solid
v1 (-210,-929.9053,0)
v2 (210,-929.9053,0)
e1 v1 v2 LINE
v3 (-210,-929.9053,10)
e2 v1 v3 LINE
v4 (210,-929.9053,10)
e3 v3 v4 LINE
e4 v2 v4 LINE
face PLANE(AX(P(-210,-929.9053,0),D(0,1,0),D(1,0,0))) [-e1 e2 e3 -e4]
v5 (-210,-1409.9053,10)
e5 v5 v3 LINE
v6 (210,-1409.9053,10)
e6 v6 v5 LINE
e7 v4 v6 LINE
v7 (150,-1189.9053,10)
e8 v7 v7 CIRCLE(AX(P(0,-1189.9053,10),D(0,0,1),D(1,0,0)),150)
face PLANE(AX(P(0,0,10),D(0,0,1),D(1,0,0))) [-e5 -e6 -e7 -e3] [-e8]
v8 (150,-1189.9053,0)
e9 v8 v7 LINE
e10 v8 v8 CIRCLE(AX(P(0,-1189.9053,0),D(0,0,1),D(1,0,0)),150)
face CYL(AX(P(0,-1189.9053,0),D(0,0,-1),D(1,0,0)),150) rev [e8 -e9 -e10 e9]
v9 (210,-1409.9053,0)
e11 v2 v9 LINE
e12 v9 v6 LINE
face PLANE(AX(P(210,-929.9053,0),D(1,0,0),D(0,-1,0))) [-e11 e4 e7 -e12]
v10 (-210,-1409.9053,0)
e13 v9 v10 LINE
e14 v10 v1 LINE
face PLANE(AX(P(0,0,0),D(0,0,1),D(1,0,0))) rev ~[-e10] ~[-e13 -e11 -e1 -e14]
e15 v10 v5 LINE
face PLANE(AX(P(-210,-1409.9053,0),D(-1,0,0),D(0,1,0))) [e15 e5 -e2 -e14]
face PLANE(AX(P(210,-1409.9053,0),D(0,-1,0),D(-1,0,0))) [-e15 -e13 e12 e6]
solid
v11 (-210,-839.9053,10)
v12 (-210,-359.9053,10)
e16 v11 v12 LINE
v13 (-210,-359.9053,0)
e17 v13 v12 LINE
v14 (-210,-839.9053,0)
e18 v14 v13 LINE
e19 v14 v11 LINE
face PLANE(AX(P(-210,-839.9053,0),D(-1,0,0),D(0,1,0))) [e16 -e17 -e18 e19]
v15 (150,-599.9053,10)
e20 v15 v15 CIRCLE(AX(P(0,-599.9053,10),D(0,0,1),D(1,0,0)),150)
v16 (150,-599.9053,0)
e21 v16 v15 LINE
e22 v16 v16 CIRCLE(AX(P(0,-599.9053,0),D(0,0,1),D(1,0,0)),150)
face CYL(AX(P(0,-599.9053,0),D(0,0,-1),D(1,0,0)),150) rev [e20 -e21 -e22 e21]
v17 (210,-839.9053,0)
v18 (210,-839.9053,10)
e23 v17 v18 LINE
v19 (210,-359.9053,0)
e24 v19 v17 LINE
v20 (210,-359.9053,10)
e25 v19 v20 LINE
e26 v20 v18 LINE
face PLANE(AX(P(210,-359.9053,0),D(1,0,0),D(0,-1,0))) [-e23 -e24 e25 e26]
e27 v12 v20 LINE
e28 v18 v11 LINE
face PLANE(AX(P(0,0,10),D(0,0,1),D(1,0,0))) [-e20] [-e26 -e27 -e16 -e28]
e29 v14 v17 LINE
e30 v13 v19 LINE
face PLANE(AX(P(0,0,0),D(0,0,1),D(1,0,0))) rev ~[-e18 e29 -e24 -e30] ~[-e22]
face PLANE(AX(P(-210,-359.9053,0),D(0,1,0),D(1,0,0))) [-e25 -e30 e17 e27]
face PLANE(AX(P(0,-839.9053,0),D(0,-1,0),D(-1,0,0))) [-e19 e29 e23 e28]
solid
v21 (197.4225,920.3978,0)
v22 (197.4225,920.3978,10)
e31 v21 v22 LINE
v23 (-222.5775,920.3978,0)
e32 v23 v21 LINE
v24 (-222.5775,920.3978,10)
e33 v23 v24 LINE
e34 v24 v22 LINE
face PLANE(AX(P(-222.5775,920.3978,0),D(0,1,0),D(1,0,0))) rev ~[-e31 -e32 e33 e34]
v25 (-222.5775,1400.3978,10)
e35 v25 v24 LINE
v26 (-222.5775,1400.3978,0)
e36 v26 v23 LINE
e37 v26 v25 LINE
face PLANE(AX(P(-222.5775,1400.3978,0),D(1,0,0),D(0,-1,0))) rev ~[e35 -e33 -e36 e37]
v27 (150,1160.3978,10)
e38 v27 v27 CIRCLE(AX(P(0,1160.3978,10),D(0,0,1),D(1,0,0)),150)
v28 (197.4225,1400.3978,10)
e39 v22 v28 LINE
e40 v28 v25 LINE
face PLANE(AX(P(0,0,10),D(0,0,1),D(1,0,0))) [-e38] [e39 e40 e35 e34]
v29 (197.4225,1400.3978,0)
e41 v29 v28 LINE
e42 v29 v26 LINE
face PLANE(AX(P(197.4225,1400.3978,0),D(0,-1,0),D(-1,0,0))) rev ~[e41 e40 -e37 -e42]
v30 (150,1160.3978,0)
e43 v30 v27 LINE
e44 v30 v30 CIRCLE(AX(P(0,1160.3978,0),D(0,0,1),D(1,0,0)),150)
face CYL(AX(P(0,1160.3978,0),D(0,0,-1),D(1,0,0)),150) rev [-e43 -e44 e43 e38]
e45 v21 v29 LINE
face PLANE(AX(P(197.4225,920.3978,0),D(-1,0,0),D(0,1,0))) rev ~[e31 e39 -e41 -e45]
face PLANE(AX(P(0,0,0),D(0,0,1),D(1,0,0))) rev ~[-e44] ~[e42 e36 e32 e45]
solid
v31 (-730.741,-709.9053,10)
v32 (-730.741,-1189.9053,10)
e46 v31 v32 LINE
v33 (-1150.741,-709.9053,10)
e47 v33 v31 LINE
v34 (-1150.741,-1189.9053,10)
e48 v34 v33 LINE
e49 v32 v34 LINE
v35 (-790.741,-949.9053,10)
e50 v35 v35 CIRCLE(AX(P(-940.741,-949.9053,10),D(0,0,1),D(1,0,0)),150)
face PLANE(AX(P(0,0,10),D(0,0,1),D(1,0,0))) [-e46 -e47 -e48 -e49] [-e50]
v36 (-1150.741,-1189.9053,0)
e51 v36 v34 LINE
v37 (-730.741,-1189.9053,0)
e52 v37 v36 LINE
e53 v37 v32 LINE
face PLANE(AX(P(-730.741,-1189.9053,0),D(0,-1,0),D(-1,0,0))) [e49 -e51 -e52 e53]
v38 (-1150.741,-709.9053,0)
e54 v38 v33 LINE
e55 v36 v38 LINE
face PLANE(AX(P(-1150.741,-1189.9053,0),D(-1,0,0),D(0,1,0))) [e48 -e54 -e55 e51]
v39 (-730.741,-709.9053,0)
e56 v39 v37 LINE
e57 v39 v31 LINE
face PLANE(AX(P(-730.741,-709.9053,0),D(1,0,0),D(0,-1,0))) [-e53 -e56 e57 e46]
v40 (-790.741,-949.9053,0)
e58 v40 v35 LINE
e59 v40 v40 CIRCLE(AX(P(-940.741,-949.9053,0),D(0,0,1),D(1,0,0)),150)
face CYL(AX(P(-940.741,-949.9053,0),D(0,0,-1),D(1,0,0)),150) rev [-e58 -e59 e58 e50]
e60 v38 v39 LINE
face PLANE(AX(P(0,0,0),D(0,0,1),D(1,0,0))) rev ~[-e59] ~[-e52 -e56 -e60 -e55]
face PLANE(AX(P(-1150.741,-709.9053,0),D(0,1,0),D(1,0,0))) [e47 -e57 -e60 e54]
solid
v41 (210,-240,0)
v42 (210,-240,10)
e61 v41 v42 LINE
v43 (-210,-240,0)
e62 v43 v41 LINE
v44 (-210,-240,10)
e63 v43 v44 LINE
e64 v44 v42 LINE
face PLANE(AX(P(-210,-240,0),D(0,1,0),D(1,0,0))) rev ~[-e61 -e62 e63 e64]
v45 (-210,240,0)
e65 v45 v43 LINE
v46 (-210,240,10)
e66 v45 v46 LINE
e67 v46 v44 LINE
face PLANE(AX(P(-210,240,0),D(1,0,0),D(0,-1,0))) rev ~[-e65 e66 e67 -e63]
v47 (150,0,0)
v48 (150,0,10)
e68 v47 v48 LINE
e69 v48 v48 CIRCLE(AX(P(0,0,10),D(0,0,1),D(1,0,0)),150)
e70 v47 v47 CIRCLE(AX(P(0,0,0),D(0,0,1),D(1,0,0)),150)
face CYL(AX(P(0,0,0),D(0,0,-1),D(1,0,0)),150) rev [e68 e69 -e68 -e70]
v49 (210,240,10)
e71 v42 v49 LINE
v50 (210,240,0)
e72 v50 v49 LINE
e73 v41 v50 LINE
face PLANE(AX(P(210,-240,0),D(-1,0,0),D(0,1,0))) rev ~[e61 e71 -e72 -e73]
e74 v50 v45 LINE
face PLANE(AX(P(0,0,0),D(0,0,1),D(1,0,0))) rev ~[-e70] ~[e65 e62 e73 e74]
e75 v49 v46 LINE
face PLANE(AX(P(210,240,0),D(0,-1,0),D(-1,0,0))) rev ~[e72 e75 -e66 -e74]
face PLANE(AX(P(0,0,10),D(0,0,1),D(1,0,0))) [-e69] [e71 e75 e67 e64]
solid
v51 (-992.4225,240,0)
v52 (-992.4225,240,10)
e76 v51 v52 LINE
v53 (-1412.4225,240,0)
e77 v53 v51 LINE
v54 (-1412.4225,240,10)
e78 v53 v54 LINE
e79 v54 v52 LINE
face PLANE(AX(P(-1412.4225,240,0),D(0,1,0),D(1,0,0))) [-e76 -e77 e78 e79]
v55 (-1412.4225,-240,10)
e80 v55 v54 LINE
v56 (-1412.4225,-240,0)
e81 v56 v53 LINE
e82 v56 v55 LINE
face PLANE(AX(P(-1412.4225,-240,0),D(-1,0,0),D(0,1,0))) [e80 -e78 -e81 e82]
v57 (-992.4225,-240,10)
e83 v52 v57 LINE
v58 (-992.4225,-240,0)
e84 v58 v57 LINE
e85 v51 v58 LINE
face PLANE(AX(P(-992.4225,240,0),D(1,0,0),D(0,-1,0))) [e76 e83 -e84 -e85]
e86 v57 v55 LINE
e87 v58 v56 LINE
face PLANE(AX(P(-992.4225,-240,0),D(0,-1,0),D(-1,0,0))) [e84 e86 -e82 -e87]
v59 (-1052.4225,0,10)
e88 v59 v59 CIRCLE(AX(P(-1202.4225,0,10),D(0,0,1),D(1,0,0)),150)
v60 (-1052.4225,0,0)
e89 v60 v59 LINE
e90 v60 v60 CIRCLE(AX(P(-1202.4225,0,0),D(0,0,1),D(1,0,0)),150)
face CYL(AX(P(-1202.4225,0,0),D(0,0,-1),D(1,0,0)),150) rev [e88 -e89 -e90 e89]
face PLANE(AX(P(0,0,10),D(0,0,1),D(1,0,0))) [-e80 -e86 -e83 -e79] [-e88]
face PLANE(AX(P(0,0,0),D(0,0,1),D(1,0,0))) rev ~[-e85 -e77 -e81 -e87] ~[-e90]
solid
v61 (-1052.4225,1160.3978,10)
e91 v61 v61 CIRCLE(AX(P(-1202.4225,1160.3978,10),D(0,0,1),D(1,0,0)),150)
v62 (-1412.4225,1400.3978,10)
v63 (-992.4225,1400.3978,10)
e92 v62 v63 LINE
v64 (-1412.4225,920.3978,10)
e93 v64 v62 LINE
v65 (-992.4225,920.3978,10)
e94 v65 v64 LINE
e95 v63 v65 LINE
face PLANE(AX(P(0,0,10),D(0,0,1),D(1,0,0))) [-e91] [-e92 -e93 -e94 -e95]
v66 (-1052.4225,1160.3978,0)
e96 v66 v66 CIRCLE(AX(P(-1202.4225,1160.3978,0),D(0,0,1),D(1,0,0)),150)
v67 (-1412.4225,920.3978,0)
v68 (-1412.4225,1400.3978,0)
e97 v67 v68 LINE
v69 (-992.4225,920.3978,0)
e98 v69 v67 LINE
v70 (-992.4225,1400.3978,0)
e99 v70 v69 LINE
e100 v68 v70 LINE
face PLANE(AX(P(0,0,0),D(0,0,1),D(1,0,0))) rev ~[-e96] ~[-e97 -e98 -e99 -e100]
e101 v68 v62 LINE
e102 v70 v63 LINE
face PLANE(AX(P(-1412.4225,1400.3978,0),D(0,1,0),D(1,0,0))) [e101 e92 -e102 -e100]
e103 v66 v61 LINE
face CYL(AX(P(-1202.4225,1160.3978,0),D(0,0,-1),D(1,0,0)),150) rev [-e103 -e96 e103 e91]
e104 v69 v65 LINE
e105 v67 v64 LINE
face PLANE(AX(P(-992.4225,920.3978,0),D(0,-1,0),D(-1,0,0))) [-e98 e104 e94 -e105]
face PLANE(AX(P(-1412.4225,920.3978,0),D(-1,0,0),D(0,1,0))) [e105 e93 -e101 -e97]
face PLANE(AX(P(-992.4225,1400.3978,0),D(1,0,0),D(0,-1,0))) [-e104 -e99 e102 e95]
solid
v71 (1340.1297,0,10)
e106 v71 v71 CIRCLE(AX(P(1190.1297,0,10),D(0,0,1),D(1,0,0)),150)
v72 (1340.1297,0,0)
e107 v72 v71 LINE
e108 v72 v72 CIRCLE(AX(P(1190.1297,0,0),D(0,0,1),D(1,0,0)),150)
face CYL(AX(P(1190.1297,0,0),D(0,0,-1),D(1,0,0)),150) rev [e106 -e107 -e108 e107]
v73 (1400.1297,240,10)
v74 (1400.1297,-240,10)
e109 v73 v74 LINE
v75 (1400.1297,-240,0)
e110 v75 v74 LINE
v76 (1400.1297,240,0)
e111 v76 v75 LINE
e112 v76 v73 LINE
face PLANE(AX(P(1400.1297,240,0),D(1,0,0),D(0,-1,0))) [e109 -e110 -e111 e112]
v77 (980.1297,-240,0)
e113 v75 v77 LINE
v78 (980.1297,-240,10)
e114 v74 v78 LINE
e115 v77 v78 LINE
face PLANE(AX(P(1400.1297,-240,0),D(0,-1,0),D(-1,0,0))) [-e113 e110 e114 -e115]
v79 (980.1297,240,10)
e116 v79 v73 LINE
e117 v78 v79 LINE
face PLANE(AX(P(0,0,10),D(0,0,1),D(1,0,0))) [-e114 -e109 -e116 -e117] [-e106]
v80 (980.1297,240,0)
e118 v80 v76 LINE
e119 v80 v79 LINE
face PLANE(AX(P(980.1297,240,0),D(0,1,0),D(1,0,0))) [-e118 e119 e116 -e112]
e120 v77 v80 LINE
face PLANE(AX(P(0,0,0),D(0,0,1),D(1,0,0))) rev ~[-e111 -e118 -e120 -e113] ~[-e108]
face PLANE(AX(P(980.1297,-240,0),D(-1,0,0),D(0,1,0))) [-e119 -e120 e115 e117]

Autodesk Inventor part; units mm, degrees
ref_plane "YZ Plane" through (0, 0, 0) normal (1, 0, 0) x (0, 1, 0)
ref_plane "XZ Plane" through (0, 0, 0) normal (0, 1, 0) x (-1, 0, 0)
ref_plane "XY Plane" through (0, 0, 0) normal (0, 0, 1) x (1, 0, 0)
sketch "Sketch1" plane through (0, 0, 0) normal (0, 0, 1) x (1, 0, 0)
  line L0 (-1412.4225, 1400.3978) -> (-992.4225, 1400.3978)
  line L1 (-992.4225, 1400.3978) -> (-992.4225, 920.3978)
  line L2 (-992.4225, 920.3978) -> (-1412.4225, 920.3978)
  line L3 (-1412.4225, 920.3978) -> (-1412.4225, 1400.3978)
  line L4 (197.4225, 1400.3978) -> (-222.5775, 1400.3978)
  line L5 (-222.5775, 1400.3978) -> (-222.5775, 920.3978)
  line L6 (-222.5775, 920.3978) -> (197.4225, 920.3978)
  line L7 (197.4225, 920.3978) -> (197.4225, 1400.3978)
  line L8 (210, 240) -> (-210, 240)
  line L9 (-210, 240) -> (-210, -240)
  line L10 (-210, -240) -> (210, -240)
  line L11 (210, -240) -> (210, 240)
  line L12 (-1412.4225, 240) -> (-992.4225, 240)
  line L13 (-992.4225, 240) -> (-992.4225, -240)
  line L14 (-992.4225, -240) -> (-1412.4225, -240)
  line L15 (-1412.4225, -240) -> (-1412.4225, 240)
  line L16 (1400.1297, -240) -> (980.1297, -240)
  line L17 (980.1297, -240) -> (980.1297, 240)
  line L18 (980.1297, 240) -> (1400.1297, 240)
  line L19 (1400.1297, 240) -> (1400.1297, -240)
  line L20 (-210, -929.9053) -> (210, -929.9053)
  line L21 (210, -929.9053) -> (210, -1409.9053)
  line L22 (210, -1409.9053) -> (-210, -1409.9053)
  line L23 (-210, -1409.9053) -> (-210, -929.9053)
  line L24 (0, -839.9053) -> (210, -839.9053)
  line L25 (210, -839.9053) -> (-210, -839.9053)
  line L26 (-210, -839.9053) -> (-210, -359.9053)
  line L27 (-210, -359.9053) -> (210, -359.9053)
  line L28 (210, -359.9053) -> (210, -839.9053)
  line L29 (-730.741, -1189.9053) -> (-1150.741, -1189.9053)
  line L30 (-1150.741, -1189.9053) -> (-1150.741, -709.9053)
  line L31 (-1150.741, -709.9053) -> (-730.741, -709.9053)
  line L32 (-730.741, -709.9053) -> (-730.741, -1189.9053)
  circle A0 centre (0, 0) radius 150
  circle A1 centre (0, -599.9053) radius 150
  circle A2 centre (0, -1189.9053) radius 150
  circle A3 centre (-940.741, -949.9053) radius 150
  circle A4 centre (-1202.4225, 0) radius 150
  circle A5 centre (-1202.4225, 1160.3978) radius 150
  circle A6 centre (0, 1160.3978) radius 150
  circle A7 centre (1190.1297, 0) radius 150
  line L33 (-69.7232, -78.3673) -> (0, 98.9981)
  line L34 (0, 98.9981) -> (68.8435, -78.3673)
  line L35 (68.8435, -78.3673) -> (34.4218, 10.3154)
  line L36 (-34.8616, 10.3154) -> (34.4218, 10.3154)
  line L37 (-34.8616, -709.9053) -> (-34.8616, -519.0093)
  line L38 (-34.8616, -519.0093) -> (68.8435, -519.0093)
  line L39 (68.8435, -519.0093) -> (-34.8616, -519.0093)
  line L40 (-34.8616, -614.4573) -> (68.8435, -614.4573)
  line L41 (51.6326, -1099.9053) -> (-69.7232, -1099.9053)
  line L42 (-69.7232, -1099.9053) -> (-69.7232, -1264.2349)
  line L43 (-69.7232, -1264.2349) -> (51.6326, -1264.2349)
  line L44 (51.6326, -1264.2349) -> (51.6326, -1189.9053)
  line L45 (51.6326, -1189.9053) -> (16.991, -1189.9053)
  line L46 (-995.8758, -876.8753) -> (-995.8758, -1039.9053)
  line L47 (-995.8758, -1039.9053) -> (-995.8758, -958.3903)
  line L48 (-875.9765, -876.8753) -> (-875.9765, -1039.9053)
  line L49 (-875.9765, -1039.9053) -> (-875.9765, -968.3774)
  line L50 (-995.8758, -958.3903) -> (-875.9765, -958.3903)
  line L51 (-1245.3239, -90.2242) -> (-1245.3239, 98.9981)
  arc A8 (-1245.3239, -90.2242) -> (-1245.3239, 98.9981) centre (-1225.2999, 4.3869) ccw
  line L52 (1135.9503, 98.9981) -> (1135.9503, -107.8143)
  line L53 (1135.9503, -107.8143) -> (1250.0071, -107.8143)
  line L54 (1250.0071, -107.8143) -> (1135.9503, -107.8143)
  line L55 (1135.9503, -4.4081) -> (1227.555, -4.4081)
  line L56 (1227.555, -4.4081) -> (1135.9503, -4.4081)
  line L57 (1135.9503, 98.9981) -> (1235.6377, 98.9981)
  arc A9 (51.6326, 1265.6539) -> (51.6326, 1054.1252) centre (19.9492, 1159.8895) ccw
  line L58 (-1262.9916, 1259.8929) -> (-1262.9916, 1063.3954)
  arc A10 (-1262.9916, 1161.6442) -> (-1262.9916, 1259.8929) centre (-1246.1479, 1210.7685) ccw
  arc A11 (-1262.9916, 1063.3954) -> (-1262.9916, 1161.6442) centre (-1231.5443, 1112.5198) ccw
extrude "Extrusion1" add sketch "Sketch1" along normal blind 10 contours L0 L1 L2 L3 | L7 L6 L5 L4 | L11 L10 L9 L8 | L12 L13 L14 L15 | L16 L17 L18 L19 | L20 L21 L22 L23 | L25 L26 L27 L28 L24 | L29 L30 L31 L32
properties part number "fire_locs"
